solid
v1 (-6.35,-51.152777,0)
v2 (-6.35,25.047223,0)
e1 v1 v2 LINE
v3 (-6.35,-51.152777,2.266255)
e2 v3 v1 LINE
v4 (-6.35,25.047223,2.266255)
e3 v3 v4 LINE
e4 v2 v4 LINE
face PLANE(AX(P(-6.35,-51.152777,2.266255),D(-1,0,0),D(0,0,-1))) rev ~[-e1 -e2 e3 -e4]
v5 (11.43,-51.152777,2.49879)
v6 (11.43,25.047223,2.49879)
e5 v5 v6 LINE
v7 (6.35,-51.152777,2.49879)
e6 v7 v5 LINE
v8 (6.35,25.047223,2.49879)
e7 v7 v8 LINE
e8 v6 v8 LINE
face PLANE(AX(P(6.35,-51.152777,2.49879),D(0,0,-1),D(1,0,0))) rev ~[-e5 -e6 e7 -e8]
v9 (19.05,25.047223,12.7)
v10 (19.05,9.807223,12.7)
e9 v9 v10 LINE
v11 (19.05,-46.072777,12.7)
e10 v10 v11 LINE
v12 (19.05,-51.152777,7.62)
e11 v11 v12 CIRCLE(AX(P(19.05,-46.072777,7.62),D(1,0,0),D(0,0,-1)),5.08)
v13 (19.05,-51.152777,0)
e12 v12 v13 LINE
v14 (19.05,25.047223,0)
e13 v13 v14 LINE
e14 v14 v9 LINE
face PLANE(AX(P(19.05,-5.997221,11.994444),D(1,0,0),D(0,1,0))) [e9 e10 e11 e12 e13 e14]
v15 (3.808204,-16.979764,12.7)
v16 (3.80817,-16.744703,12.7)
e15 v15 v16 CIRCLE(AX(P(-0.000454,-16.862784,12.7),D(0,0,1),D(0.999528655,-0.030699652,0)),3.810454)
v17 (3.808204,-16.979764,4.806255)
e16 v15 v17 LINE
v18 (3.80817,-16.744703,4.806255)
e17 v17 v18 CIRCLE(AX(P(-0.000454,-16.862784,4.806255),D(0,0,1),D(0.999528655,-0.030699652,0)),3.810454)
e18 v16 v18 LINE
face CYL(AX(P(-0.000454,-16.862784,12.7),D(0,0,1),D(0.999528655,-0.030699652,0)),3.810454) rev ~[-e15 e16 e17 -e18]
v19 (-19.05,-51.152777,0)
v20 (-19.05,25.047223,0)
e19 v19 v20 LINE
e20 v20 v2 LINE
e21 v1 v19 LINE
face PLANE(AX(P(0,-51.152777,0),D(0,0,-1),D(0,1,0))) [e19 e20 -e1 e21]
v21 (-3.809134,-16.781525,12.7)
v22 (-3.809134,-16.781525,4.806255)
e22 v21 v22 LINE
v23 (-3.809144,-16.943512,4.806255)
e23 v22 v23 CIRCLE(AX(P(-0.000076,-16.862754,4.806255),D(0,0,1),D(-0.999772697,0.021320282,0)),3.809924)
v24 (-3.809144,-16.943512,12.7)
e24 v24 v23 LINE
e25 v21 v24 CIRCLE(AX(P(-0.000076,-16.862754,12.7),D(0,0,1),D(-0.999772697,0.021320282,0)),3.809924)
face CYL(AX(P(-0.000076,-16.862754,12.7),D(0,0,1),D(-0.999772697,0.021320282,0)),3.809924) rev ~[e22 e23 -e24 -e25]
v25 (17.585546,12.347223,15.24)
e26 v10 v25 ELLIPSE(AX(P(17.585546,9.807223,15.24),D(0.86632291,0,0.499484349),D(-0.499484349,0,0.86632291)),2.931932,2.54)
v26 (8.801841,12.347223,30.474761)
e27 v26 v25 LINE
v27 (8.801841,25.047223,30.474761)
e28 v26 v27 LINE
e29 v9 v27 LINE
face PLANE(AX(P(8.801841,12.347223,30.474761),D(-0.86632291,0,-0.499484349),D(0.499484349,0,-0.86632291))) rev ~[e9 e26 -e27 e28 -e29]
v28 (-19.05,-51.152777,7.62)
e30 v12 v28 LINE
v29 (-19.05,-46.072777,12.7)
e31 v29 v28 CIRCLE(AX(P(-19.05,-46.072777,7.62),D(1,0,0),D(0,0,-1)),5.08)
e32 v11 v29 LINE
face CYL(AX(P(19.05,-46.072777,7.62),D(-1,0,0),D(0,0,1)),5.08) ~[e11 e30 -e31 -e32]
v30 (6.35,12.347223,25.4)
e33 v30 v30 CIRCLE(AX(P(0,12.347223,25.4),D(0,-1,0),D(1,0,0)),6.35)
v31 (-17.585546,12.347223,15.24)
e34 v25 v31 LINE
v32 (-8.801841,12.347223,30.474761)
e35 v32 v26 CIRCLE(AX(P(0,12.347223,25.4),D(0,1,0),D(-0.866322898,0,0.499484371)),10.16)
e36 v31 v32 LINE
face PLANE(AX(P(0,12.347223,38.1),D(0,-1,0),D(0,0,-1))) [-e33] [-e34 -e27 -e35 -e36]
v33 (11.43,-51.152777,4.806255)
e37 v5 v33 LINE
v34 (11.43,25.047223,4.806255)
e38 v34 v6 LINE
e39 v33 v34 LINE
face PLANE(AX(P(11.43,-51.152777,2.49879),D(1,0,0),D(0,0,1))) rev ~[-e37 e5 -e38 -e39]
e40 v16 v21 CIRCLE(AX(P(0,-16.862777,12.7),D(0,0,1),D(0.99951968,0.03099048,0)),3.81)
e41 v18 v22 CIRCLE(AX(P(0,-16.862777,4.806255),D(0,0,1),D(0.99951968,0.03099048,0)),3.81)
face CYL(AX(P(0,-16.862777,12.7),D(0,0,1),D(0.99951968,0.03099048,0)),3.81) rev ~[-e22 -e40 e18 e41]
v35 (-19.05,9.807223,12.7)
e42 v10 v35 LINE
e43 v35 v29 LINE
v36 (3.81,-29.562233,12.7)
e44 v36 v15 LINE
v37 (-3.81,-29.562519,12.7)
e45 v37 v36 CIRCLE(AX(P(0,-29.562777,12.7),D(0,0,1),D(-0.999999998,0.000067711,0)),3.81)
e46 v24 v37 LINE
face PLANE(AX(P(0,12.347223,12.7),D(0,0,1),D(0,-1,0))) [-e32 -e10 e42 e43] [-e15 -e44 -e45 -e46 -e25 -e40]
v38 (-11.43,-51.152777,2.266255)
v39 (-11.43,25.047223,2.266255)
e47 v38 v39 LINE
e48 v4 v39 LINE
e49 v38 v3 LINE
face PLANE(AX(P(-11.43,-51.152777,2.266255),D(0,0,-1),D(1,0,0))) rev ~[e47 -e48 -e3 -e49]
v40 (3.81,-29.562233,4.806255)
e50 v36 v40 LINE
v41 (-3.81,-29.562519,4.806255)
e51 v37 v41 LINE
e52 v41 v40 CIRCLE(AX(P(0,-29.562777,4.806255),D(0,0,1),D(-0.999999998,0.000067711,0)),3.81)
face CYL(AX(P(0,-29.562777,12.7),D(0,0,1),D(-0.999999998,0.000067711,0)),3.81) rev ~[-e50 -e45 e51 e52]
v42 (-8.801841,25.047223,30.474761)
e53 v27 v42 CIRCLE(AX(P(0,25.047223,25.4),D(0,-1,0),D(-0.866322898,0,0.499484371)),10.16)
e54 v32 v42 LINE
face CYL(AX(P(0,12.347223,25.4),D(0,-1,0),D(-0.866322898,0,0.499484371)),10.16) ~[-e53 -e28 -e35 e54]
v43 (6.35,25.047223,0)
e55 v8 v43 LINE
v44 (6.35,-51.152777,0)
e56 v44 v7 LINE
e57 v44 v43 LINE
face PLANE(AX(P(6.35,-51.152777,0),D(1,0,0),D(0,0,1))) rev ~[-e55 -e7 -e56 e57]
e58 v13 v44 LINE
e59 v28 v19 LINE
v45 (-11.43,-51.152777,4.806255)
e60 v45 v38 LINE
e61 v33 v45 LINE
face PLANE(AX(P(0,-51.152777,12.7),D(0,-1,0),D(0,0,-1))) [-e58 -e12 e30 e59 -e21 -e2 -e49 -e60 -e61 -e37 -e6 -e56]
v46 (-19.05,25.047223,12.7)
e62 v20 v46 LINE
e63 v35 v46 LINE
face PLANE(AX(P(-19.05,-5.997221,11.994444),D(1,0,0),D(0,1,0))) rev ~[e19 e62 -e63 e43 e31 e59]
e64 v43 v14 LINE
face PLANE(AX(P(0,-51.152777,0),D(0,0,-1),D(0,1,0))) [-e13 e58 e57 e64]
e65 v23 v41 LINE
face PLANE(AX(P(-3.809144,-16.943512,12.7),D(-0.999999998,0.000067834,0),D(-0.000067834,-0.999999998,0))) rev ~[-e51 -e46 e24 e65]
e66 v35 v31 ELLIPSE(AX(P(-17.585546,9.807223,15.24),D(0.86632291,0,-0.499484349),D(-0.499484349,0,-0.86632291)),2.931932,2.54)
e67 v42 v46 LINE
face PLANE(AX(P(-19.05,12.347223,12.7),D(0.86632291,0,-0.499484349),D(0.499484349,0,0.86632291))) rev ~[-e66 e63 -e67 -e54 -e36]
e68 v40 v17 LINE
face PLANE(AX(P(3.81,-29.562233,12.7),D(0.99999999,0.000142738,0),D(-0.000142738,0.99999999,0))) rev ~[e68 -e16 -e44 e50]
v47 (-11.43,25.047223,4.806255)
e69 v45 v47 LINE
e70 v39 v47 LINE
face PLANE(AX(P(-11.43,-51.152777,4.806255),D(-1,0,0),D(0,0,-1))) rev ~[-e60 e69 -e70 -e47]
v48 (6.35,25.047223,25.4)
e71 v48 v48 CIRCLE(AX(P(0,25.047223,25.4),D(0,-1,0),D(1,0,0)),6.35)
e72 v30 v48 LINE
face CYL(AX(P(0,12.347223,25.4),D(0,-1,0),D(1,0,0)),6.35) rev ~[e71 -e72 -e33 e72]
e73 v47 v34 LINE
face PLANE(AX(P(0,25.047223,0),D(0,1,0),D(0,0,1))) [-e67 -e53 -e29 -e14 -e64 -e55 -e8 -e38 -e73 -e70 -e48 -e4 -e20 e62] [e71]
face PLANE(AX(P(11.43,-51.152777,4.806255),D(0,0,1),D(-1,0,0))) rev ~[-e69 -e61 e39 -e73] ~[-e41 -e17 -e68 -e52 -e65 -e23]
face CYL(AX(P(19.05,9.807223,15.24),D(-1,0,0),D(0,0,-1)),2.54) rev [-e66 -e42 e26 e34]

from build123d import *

# Parameters (mm, degrees)
F1_DEPTH  = 19.05
F3_DEPTH  = 12.701
F4_R      = 6.35
F5_DEPTH  = 12.701
F6_R      = 2.54
F8_DEPTH  = 76.201
F9_R      = 5.08
F11_DEPTH = 25.4


with BuildPart() as f1:
    # F0 (on Right) → F1 (new body, symmetric)
    with BuildSketch(Plane.YZ):
        Polygon((-51.152777, 0), (0, 0), (25.047223, 0), (25.047223, 38.1), (12.347223, 38.1), (12.347223, 12.7), (-51.152777, 12.7), align=None)
    extrude(amount=F1_DEPTH, both=True)

    # F2 (on face) → F3 (cut, through all)
    with BuildSketch(Plane.XZ.offset(-12.347223)):
        with BuildLine():
            ThreePointArc((-8.801841, 30.474761), (0, 35.56), (8.801841, 30.474761))
            Line((8.801841, 30.474761), (19.05, 12.7))
            Line((19.05, 12.7), (19.05, 38.1))
            Line((19.05, 38.1), (-19.05, 38.1))
            Line((-19.05, 38.1), (-19.05, 12.7))
            Line((-19.05, 12.7), (-8.801841, 30.474761))
        make_face()
    extrude(amount=-F3_DEPTH, mode=Mode.SUBTRACT)

    # F4 (on face) → F5 (cut, through all)
    with BuildSketch(Plane.XZ.offset(-12.347223)):
        with Locations((0, 25.4)):
            Circle(F4_R)
    extrude(amount=-F5_DEPTH, mode=Mode.SUBTRACT)

    # F6
    f6_edges = [f1.edges().sort_by_distance(p)[0] for p in [
        (0, 12.347223, 12.7),
    ]]
    fillet(f6_edges, radius=F6_R)

    # F7 (on face) → F8 (cut, through all)
    with BuildSketch(Plane.XZ.offset(51.152777)):
        Polygon((-6.35, 0), (0, 0), (6.35, 0), (6.35, 2.49879), (11.43, 2.49879), (11.43, 4.806255), (-11.43, 4.806255), (-11.43, 2.266255), (-6.35, 2.266255), align=None)
    extrude(amount=-F8_DEPTH, mode=Mode.SUBTRACT)

    # F9
    f9_edges = [f1.edges().sort_by_distance(p)[0] for p in [
        (0, -51.152777, 12.7),
    ]]
    fillet(f9_edges, radius=F9_R)

    # F10 (on face) → F11 (cut)
    with BuildSketch(Plane.XY.offset(12.7)):
        with BuildLine():
            Line((3.80817, -16.744703), (3.808204, -16.979764))
            ThreePointArc((3.808204, -16.979764), (3.81, -16.862233), (3.80817, -16.744703))
        make_face()
        with BuildLine():
            Line((3.81, -29.562233), (3.808204, -16.979764))
            Line((3.808204, -16.979764), (3.80817, -16.744703))
            ThreePointArc((3.80817, -16.744703), (-0.018418, -13.052821), (-3.809134, -16.781525))
            Line((-3.809134, -16.781525), (-3.809144, -16.943512))
            Line((-3.809144, -16.943512), (-3.81, -29.562519))
            ThreePointArc((-3.81, -29.562519), (0.000143, -33.372777), (3.81, -29.562233))
        make_face()
        with BuildLine():
            Line((-3.809144, -16.943512), (-3.809134, -16.781525))
            ThreePointArc((-3.809134, -16.781525), (-3.81, -16.862519), (-3.809144, -16.943512))
        make_face()
    extrude(amount=-F11_DEPTH, mode=Mode.SUBTRACT)


solid = f1.part
